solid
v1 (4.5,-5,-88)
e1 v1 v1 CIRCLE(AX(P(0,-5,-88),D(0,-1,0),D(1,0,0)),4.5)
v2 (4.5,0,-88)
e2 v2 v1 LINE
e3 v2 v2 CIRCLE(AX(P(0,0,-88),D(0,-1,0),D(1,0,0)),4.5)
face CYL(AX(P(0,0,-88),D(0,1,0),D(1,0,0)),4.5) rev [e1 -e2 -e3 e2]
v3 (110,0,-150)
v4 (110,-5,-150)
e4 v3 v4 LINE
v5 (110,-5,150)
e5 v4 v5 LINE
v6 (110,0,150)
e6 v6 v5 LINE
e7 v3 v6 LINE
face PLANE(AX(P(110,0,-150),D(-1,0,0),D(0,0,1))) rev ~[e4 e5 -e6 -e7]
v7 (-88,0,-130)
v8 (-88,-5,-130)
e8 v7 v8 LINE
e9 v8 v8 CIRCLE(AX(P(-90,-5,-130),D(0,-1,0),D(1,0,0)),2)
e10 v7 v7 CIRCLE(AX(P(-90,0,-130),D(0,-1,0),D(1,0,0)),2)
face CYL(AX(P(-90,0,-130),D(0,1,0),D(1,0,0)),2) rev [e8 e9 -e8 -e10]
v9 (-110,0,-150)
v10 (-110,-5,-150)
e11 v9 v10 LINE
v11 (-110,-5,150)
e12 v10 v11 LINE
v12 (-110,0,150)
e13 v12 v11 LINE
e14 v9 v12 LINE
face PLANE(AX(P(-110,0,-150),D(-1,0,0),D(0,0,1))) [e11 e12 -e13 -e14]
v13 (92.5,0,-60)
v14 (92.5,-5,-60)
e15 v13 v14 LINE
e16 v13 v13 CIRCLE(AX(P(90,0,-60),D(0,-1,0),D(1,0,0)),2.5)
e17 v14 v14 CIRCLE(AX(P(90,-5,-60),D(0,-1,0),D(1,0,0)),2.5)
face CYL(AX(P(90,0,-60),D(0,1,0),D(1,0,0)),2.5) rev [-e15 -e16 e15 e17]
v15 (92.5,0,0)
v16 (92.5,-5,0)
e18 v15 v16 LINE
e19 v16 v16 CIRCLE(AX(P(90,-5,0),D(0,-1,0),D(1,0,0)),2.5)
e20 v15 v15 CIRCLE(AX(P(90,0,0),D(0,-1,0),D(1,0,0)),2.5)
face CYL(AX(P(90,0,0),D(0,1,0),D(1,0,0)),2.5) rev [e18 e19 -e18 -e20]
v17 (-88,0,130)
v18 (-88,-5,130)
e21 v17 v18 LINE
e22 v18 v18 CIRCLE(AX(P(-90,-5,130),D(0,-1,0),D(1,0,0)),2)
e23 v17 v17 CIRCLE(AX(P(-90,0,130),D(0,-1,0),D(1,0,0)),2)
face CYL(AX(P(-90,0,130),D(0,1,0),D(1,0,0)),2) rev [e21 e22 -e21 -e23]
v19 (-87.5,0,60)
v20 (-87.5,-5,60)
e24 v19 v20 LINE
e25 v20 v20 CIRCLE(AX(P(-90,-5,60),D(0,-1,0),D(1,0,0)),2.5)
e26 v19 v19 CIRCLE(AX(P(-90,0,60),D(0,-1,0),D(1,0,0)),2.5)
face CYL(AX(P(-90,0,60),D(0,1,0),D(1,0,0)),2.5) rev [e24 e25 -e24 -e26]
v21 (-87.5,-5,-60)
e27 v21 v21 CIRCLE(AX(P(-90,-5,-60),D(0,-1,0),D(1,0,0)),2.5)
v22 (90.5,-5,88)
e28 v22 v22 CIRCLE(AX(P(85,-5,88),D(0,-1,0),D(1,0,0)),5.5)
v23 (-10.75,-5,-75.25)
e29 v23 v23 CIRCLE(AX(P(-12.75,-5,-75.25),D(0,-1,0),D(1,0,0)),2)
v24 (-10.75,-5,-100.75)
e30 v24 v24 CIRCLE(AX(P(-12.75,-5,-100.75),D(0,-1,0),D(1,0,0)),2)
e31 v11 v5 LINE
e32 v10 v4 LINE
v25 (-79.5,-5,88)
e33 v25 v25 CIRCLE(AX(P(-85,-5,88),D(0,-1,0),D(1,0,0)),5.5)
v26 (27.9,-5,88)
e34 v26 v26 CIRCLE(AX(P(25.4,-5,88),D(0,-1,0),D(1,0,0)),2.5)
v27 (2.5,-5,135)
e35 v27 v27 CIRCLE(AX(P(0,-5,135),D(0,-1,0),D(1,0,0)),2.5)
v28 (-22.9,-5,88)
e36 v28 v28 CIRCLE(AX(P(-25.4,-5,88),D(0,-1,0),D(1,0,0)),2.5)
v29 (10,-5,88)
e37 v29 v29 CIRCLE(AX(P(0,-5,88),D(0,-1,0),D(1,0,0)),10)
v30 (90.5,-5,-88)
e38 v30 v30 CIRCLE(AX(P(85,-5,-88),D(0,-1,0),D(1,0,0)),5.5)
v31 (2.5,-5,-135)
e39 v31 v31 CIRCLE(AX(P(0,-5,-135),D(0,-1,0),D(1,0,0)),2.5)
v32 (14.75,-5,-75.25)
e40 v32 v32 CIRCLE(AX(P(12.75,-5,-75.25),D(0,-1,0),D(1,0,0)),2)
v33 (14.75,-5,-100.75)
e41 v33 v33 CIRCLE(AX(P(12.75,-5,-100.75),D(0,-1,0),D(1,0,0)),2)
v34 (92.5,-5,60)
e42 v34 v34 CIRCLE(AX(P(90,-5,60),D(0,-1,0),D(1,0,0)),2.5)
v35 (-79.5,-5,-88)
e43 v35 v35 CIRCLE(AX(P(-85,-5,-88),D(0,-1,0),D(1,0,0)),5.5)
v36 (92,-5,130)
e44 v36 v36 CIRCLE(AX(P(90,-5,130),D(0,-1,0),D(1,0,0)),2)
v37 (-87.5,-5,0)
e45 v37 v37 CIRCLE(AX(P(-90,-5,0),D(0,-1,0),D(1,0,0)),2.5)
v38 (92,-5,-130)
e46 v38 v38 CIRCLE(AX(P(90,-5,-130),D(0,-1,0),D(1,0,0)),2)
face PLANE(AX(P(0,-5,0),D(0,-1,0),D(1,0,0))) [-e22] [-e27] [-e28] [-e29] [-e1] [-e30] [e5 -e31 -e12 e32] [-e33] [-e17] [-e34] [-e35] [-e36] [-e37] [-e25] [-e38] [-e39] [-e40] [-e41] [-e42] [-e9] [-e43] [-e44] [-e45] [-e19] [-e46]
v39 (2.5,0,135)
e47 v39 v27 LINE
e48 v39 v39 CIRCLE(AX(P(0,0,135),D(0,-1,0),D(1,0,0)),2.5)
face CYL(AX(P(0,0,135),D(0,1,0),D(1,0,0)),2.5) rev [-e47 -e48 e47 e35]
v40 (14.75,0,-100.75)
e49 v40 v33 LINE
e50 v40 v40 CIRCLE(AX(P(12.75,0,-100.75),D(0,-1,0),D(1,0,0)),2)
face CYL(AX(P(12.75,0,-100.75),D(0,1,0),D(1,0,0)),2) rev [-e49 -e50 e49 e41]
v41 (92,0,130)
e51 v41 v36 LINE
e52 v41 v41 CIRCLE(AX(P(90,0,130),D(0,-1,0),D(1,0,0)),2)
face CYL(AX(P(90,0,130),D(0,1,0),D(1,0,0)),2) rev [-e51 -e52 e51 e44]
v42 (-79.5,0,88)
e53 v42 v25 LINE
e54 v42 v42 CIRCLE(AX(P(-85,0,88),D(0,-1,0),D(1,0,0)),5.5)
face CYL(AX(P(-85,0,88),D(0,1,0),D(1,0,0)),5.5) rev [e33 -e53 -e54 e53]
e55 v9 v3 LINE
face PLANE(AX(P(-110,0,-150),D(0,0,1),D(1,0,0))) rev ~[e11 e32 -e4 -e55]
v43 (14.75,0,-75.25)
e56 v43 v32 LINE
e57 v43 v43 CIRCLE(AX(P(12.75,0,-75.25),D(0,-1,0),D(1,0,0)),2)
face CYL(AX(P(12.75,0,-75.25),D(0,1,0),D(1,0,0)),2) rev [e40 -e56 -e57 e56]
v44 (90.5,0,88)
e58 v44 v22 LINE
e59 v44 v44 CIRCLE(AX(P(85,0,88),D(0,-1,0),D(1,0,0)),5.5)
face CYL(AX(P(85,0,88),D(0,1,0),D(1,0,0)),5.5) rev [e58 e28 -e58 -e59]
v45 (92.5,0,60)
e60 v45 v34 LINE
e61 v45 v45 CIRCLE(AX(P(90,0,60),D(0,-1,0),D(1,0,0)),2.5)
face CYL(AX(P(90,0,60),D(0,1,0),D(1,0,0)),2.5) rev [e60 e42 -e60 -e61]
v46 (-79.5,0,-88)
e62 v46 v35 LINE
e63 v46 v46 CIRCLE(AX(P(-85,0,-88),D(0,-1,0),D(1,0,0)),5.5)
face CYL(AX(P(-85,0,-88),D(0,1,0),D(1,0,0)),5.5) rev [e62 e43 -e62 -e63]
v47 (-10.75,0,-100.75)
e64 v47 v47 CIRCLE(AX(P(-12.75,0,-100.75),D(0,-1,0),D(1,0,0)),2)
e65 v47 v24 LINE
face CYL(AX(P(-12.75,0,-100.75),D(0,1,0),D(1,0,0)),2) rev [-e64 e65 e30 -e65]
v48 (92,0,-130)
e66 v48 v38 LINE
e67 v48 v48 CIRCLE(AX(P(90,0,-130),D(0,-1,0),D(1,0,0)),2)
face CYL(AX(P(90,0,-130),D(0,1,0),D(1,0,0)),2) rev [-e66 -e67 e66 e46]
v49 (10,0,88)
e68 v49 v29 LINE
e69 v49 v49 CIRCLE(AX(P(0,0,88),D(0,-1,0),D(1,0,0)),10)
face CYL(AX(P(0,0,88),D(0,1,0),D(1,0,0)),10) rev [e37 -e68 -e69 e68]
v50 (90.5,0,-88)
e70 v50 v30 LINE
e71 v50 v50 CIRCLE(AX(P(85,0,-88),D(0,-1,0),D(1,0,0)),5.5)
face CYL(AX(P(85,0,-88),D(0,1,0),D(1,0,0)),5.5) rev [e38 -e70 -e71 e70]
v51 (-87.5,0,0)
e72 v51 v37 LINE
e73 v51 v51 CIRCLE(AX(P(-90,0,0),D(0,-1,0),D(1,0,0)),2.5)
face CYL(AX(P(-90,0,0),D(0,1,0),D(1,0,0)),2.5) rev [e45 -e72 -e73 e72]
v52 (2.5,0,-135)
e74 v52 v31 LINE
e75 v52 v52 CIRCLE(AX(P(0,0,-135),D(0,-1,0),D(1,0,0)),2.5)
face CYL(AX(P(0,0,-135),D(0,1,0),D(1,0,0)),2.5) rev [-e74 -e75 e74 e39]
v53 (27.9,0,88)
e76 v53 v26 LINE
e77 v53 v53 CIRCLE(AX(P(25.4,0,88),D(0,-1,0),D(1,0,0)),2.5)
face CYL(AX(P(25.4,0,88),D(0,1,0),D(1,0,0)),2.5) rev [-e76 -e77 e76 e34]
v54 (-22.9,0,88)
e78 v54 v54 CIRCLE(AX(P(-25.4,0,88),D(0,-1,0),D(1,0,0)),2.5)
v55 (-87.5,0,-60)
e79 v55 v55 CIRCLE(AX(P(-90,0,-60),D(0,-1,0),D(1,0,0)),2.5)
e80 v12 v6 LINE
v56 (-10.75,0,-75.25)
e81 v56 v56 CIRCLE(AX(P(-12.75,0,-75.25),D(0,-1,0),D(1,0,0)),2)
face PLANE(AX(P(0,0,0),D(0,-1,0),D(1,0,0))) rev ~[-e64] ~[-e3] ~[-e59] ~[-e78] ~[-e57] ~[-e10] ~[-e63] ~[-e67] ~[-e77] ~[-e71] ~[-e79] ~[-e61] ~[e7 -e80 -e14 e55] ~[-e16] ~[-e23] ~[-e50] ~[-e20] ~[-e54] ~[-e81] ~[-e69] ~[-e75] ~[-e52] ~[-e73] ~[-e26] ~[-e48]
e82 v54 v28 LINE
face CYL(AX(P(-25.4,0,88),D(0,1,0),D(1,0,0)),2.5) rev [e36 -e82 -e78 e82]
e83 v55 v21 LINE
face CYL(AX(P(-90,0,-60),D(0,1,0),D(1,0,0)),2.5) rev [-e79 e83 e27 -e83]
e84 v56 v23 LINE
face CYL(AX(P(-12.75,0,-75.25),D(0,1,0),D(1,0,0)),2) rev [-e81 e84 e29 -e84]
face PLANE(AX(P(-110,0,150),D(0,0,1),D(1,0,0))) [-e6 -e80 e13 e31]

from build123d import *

# Parameters (mm, degrees)
SKETCH_W   = 220
SKETCH_H   = 300
SKETCH_R   = 10
SKETCH_R_2 = 2.5
SKETCH_R_3 = 5.5
SKETCH_R_4 = 2
SKETCH_R_5 = 4.5
PAD_DEPTH  = 5


with BuildPart() as part:
    # Sketch → Pad (new body)
    with BuildSketch(Plane.XZ):
        Rectangle(SKETCH_W, SKETCH_H)
        with Locations((0, 88)):
            Circle(SKETCH_R, mode=Mode.SUBTRACT)
        with Locations((25.4, 88)):
            Circle(SKETCH_R_2, mode=Mode.SUBTRACT)
        with Locations((-25.4, 88)):
            Circle(SKETCH_R_2, mode=Mode.SUBTRACT)
        with Locations((85, 88)):
            Circle(SKETCH_R_3, mode=Mode.SUBTRACT)
        with Locations((-85, 88)):
            Circle(SKETCH_R_3, mode=Mode.SUBTRACT)
        with Locations((-85, -88)):
            Circle(SKETCH_R_3, mode=Mode.SUBTRACT)
        with Locations((85, -88)):
            Circle(SKETCH_R_3, mode=Mode.SUBTRACT)
        with Locations((-90, 130)):
            Circle(SKETCH_R_4, mode=Mode.SUBTRACT)
        with Locations((90, 130)):
            Circle(SKETCH_R_4, mode=Mode.SUBTRACT)
        with Locations((-90, -130)):
            Circle(SKETCH_R_4, mode=Mode.SUBTRACT)
        with Locations((90, -130)):
            Circle(SKETCH_R_4, mode=Mode.SUBTRACT)
        with Locations((0, 135)):
            Circle(SKETCH_R_2, mode=Mode.SUBTRACT)
        with Locations((0, -135)):
            Circle(SKETCH_R_2, mode=Mode.SUBTRACT)
        with Locations((90, 0)):
            Circle(SKETCH_R_2, mode=Mode.SUBTRACT)
        with Locations((-90, 0)):
            Circle(SKETCH_R_2, mode=Mode.SUBTRACT)
        with Locations((-90, -60)):
            Circle(SKETCH_R_2, mode=Mode.SUBTRACT)
        with Locations((-90, 60)):
            Circle(SKETCH_R_2, mode=Mode.SUBTRACT)
        with Locations((90, 60)):
            Circle(SKETCH_R_2, mode=Mode.SUBTRACT)
        with Locations((90, -60)):
            Circle(SKETCH_R_2, mode=Mode.SUBTRACT)
        with Locations((0, -88)):
            Circle(SKETCH_R_5, mode=Mode.SUBTRACT)
        with Locations((12.75, -75.25)):
            Circle(SKETCH_R_4, mode=Mode.SUBTRACT)
        with Locations((-12.75, -75.25)):
            Circle(SKETCH_R_4, mode=Mode.SUBTRACT)
        with Locations((-12.75, -100.75)):
            Circle(SKETCH_R_4, mode=Mode.SUBTRACT)
        with Locations((12.75, -100.75)):
            Circle(SKETCH_R_4, mode=Mode.SUBTRACT)
    extrude(amount=PAD_DEPTH)


solid = part.part
